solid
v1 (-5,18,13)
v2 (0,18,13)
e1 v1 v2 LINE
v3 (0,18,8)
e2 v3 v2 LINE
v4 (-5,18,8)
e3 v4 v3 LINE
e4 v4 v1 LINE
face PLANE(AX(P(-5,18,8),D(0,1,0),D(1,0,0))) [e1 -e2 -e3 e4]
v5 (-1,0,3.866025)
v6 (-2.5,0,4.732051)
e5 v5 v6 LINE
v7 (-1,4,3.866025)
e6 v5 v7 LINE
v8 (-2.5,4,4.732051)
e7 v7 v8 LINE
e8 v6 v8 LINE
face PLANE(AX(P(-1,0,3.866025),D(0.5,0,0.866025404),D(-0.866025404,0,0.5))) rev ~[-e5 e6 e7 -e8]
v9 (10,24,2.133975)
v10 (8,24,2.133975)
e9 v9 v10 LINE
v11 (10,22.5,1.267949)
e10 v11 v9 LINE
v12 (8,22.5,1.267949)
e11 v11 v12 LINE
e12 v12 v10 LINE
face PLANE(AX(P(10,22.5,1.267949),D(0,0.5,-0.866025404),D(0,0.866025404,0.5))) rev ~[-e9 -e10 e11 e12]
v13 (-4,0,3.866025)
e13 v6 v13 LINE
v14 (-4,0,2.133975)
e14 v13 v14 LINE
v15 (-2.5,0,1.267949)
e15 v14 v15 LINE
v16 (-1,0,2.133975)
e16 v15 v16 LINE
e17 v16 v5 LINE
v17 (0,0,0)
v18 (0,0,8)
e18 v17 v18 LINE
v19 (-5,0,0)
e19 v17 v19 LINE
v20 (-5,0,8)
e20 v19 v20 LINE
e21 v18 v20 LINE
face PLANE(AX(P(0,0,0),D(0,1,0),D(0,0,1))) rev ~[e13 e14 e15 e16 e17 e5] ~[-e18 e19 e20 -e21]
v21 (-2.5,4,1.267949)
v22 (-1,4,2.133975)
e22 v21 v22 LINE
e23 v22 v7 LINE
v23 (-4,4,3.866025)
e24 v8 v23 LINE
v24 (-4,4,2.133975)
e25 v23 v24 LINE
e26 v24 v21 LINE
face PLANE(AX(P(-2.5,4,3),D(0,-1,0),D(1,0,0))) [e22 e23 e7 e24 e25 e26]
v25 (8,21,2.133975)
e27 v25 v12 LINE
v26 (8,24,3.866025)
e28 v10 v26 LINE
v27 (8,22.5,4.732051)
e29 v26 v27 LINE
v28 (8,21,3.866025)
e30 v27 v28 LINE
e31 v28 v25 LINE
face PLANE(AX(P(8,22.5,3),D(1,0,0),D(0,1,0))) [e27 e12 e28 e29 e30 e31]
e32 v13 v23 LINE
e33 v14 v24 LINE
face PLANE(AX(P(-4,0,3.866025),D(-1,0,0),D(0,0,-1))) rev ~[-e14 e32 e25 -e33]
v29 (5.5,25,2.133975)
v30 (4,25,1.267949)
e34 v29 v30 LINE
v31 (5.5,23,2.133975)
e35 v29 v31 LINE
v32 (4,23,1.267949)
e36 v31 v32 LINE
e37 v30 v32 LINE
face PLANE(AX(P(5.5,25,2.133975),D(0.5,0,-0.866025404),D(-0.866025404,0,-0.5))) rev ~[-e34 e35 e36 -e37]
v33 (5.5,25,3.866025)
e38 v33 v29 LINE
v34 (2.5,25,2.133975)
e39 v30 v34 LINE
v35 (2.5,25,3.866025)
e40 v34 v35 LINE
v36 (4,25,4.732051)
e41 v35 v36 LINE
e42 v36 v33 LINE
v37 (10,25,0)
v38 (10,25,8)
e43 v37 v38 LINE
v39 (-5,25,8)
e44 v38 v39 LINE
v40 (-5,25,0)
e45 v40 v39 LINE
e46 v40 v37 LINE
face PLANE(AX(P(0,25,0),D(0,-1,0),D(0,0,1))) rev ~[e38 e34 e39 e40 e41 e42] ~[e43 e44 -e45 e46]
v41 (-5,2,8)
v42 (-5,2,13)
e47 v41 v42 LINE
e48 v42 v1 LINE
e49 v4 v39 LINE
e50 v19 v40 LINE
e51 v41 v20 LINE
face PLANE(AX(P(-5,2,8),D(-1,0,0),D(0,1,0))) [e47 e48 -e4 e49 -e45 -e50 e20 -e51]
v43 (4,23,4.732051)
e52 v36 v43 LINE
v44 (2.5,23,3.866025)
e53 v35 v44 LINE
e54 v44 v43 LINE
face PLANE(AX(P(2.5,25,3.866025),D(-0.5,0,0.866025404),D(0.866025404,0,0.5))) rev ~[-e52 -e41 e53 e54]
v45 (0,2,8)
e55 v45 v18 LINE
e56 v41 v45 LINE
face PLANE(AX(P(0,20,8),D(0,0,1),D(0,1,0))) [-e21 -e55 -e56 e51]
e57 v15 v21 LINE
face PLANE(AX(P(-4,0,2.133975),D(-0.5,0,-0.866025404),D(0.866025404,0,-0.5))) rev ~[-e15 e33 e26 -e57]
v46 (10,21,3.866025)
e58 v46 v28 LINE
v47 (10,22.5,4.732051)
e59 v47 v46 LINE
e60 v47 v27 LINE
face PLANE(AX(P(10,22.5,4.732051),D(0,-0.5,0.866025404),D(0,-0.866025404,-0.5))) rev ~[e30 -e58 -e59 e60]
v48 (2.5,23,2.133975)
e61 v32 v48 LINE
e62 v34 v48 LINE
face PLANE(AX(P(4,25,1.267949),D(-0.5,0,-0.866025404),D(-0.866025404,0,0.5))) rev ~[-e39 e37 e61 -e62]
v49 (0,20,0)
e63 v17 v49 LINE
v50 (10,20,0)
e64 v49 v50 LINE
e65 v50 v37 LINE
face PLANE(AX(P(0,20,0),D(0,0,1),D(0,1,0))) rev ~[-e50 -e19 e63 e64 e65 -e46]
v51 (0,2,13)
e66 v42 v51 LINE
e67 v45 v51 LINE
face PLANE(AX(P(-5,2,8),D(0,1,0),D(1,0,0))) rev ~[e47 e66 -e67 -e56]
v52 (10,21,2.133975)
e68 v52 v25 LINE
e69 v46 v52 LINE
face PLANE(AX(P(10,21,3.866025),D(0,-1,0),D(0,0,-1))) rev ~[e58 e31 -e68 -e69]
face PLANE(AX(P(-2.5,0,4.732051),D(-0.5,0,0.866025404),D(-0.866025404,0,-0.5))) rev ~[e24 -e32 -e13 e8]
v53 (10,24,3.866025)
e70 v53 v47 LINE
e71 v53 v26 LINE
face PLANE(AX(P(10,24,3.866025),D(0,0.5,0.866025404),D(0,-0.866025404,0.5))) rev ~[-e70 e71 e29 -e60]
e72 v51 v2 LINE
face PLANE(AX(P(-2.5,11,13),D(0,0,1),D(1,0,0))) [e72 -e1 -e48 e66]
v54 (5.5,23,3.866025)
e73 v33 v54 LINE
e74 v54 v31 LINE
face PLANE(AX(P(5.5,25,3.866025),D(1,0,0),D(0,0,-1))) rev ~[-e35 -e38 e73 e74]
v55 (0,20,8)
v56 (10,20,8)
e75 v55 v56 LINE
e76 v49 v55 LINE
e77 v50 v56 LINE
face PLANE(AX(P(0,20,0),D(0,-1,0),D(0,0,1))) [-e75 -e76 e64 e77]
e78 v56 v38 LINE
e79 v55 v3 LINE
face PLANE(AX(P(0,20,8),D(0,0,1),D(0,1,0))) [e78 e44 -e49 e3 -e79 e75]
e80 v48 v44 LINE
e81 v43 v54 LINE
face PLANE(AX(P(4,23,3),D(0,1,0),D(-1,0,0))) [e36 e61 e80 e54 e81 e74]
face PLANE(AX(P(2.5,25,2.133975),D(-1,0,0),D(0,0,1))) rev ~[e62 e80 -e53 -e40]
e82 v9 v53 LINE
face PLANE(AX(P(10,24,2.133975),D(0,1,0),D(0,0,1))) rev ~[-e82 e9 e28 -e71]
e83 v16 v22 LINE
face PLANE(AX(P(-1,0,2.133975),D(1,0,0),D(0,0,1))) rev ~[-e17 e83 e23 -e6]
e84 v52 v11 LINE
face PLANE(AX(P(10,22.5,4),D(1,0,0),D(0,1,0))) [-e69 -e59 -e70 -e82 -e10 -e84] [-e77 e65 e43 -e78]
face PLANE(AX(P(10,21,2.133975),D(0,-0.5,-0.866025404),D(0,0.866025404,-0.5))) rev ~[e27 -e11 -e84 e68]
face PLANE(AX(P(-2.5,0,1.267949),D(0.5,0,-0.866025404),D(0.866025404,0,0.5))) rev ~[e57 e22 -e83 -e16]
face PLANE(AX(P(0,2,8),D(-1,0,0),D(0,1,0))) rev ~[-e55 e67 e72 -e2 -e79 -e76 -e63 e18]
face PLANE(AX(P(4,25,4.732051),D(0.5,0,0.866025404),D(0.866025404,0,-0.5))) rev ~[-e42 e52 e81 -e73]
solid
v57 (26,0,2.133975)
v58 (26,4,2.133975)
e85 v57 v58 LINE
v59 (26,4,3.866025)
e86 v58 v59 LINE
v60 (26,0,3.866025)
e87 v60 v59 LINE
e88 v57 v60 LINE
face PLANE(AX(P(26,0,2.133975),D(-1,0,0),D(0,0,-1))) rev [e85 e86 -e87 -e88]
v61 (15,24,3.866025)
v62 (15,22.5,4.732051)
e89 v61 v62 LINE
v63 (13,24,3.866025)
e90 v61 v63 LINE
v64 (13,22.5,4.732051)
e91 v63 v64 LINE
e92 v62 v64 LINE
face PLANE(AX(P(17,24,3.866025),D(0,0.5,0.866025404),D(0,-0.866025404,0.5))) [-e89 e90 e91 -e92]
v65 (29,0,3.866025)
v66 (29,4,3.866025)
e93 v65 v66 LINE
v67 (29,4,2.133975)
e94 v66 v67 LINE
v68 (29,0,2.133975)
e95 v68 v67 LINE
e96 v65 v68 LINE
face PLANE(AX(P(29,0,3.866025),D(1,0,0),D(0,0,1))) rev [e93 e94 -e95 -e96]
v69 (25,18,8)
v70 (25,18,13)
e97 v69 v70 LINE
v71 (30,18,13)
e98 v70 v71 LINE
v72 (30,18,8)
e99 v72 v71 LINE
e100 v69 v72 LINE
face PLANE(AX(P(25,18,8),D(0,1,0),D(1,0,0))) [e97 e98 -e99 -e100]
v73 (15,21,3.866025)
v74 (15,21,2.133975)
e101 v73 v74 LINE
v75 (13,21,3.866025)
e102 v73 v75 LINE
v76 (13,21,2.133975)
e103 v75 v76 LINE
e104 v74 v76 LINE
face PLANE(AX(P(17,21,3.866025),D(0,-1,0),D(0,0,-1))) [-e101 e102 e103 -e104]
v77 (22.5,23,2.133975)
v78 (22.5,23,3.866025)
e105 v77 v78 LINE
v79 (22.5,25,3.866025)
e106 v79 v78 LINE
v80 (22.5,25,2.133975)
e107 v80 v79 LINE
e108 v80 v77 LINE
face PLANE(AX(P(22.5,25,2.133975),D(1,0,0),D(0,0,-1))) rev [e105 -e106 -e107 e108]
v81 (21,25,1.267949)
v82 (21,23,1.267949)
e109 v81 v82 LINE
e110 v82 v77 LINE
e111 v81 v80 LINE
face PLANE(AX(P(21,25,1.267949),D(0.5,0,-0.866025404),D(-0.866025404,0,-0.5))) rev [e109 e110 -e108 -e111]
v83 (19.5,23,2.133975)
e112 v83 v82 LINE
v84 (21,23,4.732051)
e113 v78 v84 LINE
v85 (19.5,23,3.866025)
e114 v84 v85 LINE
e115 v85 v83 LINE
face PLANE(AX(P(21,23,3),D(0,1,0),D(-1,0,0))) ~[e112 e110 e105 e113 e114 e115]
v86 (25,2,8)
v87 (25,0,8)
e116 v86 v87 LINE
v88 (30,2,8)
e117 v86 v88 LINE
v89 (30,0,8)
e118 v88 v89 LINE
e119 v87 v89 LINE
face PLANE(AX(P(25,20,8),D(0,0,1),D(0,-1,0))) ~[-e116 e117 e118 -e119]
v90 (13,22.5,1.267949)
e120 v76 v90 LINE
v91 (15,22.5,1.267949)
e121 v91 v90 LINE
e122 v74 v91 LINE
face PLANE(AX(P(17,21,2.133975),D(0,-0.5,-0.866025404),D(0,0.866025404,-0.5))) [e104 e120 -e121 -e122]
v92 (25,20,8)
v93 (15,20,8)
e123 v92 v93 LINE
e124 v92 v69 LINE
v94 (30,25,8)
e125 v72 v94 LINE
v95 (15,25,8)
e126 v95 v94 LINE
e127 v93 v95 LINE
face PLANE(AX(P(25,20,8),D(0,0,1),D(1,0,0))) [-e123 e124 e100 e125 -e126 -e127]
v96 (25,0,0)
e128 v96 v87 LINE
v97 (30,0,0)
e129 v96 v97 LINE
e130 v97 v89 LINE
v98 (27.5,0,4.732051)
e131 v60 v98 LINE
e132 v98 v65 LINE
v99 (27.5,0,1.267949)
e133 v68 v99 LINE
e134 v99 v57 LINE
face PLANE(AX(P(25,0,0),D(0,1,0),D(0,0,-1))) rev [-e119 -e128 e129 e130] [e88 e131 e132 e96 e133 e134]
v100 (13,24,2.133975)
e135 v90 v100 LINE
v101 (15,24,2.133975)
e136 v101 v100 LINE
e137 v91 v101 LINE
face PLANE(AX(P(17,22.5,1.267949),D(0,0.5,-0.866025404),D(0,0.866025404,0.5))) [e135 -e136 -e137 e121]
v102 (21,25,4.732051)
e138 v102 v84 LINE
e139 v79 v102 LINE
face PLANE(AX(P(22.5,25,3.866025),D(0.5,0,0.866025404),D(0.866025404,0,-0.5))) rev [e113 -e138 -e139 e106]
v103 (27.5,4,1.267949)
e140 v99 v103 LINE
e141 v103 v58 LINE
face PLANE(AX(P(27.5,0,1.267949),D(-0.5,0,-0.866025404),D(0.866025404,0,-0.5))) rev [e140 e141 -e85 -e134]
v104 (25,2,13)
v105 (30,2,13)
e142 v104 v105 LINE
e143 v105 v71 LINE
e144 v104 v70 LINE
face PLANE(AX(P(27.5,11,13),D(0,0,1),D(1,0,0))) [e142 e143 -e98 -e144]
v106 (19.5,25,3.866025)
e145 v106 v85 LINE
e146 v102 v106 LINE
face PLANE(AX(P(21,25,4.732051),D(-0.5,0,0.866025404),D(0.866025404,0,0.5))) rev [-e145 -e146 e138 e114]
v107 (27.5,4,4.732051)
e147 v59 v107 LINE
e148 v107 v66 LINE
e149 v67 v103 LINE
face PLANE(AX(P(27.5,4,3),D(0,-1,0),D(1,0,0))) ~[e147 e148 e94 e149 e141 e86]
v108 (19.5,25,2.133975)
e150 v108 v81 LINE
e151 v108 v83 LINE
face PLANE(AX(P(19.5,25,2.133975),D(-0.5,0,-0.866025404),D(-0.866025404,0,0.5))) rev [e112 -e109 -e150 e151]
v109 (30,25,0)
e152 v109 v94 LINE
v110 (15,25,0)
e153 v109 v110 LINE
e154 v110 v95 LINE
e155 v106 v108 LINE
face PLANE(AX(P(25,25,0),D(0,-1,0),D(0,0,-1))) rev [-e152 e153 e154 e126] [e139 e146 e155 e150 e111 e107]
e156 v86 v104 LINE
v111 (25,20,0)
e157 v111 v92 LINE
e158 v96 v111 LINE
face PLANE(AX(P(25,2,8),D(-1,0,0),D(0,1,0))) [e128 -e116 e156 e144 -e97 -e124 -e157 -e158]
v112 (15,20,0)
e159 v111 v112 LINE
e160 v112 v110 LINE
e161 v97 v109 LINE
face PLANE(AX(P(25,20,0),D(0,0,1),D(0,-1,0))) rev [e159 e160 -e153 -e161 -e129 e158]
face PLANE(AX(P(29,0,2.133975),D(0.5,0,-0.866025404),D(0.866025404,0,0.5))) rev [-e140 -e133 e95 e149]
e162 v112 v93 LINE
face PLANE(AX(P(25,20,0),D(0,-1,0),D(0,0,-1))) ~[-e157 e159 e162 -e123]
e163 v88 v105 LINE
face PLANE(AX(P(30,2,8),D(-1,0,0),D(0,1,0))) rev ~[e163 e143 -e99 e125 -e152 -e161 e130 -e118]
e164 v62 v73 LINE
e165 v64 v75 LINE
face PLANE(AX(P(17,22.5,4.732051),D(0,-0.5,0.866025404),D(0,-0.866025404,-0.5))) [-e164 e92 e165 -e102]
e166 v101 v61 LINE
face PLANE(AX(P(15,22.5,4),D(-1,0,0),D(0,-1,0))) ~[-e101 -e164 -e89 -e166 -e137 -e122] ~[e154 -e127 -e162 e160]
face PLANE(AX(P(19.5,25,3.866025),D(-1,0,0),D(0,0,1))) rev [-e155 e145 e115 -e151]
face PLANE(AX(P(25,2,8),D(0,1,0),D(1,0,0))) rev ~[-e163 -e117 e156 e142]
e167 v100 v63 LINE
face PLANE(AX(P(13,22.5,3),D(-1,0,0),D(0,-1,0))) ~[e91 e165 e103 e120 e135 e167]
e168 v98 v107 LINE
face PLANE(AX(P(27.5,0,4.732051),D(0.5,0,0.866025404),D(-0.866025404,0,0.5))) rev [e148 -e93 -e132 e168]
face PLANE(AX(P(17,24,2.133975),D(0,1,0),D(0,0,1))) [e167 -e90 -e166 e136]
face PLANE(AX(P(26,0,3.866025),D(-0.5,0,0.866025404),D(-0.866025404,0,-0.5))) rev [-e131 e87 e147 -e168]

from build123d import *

# Parameters (mm, degrees)
F0_W      = 20
F0_H      = 8
F0_W_2    = 5
F1_DEPTH  = 5
F3_DEPTH  = 4
F4_DEPTH  = 10
F6_DEPTH  = 2
F8_DEPTH  = 2
F11_DEPTH = 4
F12_W     = 5
F12_H     = 18
F13_DEPTH = 5
F14_W     = 5
F14_H     = 18
F15_DEPTH = 5
F16_DEPTH = 2
F17_DEPTH = 2


with BuildPart() as f1:
    # F0 (on Right) → F1 (new body)
    with BuildSketch(Plane.YZ):
        with Locations((10, 4)):
            Rectangle(F0_W, F0_H)
        with Locations((22.5, 4)):
            Rectangle(F0_W_2, F0_H)
    extrude(amount=-F1_DEPTH)

    # F2 (on face) → F3 (cut)
    with BuildSketch(Plane.XZ):
        Polygon((-4, 3.8660254038), (-4, 2.1339745962), (-2.5, 1.2679491924), (-1, 2.1339745962), (-1, 3.8660254038), (-2.5, 4.7320508076), align=None)
    extrude(amount=-F3_DEPTH, mode=Mode.SUBTRACT)

    # F0 (on Right) → F4 (join)
    with BuildSketch(Plane.YZ):
        with Locations((22.5, 4)):
            Rectangle(F0_W_2, F0_H)
    extrude(amount=F4_DEPTH)

    # F5 (on face) → F6 (cut)
    with BuildSketch(Plane.YZ.offset(10)):
        Polygon((21, 3.8660254038), (21, 2.1339745962), (22.5, 1.2679491924), (24, 2.1339745962), (24, 3.8660254038), (22.5, 4.7320508076), align=None)
    extrude(amount=-F6_DEPTH, mode=Mode.SUBTRACT)

    # F7 (on face) → F8 (cut)
    with BuildSketch(Plane(origin=(0, 25, 0), x_dir=(-1, 0, 0), z_dir=(0, 1, 0))):
        Polygon((-5.5, 3.8660254038), (-5.5, 2.1339745962), (-4, 1.2679491924), (-2.5, 2.1339745962), (-2.5, 3.8660254038), (-4, 4.7320508076), align=None)
    extrude(amount=-F8_DEPTH, mode=Mode.SUBTRACT)


with BuildPart() as f10_1:
    # F10: instance of F1
    add(f1.part.mirror(Plane.YZ.offset(12.5)))

    # F11 (add): a face of the model
    f11_faces = [f10_1.faces().sort_by_distance(p)[0] for p in [
        (17, 22.5, 3),
    ]]
    extrude(f11_faces, amount=F11_DEPTH)

    # F14 (on face) → F15 (join)
    with BuildSketch(Plane.XY.offset(8)):
        with Locations((27.5, 11)):
            Rectangle(F14_W, F14_H)
    extrude(amount=F15_DEPTH)

    # F17 (cut): a face of the model
    f17_faces = [f10_1.faces().sort_by_distance(p)[0] for p in [
        (27.5, 20, 10.5),
    ]]
    extrude(f17_faces, amount=-F17_DEPTH, mode=Mode.SUBTRACT)


with BuildPart() as f1_1:
    add(f1.part)

    # F12 (on face) → F13 (join)
    with BuildSketch(Plane.XY.offset(8)):
        with Locations((-2.5, 11)):
            Rectangle(F12_W, F12_H)
    extrude(amount=F13_DEPTH)

    # F16 (cut): a face of the model
    f16_faces = [f1_1.faces().sort_by_distance(p)[0] for p in [
        (-2.5, 20, 10.5),
    ]]
    extrude(f16_faces, amount=-F16_DEPTH, mode=Mode.SUBTRACT)


solid = Compound([f10_1.part, f1_1.part])
